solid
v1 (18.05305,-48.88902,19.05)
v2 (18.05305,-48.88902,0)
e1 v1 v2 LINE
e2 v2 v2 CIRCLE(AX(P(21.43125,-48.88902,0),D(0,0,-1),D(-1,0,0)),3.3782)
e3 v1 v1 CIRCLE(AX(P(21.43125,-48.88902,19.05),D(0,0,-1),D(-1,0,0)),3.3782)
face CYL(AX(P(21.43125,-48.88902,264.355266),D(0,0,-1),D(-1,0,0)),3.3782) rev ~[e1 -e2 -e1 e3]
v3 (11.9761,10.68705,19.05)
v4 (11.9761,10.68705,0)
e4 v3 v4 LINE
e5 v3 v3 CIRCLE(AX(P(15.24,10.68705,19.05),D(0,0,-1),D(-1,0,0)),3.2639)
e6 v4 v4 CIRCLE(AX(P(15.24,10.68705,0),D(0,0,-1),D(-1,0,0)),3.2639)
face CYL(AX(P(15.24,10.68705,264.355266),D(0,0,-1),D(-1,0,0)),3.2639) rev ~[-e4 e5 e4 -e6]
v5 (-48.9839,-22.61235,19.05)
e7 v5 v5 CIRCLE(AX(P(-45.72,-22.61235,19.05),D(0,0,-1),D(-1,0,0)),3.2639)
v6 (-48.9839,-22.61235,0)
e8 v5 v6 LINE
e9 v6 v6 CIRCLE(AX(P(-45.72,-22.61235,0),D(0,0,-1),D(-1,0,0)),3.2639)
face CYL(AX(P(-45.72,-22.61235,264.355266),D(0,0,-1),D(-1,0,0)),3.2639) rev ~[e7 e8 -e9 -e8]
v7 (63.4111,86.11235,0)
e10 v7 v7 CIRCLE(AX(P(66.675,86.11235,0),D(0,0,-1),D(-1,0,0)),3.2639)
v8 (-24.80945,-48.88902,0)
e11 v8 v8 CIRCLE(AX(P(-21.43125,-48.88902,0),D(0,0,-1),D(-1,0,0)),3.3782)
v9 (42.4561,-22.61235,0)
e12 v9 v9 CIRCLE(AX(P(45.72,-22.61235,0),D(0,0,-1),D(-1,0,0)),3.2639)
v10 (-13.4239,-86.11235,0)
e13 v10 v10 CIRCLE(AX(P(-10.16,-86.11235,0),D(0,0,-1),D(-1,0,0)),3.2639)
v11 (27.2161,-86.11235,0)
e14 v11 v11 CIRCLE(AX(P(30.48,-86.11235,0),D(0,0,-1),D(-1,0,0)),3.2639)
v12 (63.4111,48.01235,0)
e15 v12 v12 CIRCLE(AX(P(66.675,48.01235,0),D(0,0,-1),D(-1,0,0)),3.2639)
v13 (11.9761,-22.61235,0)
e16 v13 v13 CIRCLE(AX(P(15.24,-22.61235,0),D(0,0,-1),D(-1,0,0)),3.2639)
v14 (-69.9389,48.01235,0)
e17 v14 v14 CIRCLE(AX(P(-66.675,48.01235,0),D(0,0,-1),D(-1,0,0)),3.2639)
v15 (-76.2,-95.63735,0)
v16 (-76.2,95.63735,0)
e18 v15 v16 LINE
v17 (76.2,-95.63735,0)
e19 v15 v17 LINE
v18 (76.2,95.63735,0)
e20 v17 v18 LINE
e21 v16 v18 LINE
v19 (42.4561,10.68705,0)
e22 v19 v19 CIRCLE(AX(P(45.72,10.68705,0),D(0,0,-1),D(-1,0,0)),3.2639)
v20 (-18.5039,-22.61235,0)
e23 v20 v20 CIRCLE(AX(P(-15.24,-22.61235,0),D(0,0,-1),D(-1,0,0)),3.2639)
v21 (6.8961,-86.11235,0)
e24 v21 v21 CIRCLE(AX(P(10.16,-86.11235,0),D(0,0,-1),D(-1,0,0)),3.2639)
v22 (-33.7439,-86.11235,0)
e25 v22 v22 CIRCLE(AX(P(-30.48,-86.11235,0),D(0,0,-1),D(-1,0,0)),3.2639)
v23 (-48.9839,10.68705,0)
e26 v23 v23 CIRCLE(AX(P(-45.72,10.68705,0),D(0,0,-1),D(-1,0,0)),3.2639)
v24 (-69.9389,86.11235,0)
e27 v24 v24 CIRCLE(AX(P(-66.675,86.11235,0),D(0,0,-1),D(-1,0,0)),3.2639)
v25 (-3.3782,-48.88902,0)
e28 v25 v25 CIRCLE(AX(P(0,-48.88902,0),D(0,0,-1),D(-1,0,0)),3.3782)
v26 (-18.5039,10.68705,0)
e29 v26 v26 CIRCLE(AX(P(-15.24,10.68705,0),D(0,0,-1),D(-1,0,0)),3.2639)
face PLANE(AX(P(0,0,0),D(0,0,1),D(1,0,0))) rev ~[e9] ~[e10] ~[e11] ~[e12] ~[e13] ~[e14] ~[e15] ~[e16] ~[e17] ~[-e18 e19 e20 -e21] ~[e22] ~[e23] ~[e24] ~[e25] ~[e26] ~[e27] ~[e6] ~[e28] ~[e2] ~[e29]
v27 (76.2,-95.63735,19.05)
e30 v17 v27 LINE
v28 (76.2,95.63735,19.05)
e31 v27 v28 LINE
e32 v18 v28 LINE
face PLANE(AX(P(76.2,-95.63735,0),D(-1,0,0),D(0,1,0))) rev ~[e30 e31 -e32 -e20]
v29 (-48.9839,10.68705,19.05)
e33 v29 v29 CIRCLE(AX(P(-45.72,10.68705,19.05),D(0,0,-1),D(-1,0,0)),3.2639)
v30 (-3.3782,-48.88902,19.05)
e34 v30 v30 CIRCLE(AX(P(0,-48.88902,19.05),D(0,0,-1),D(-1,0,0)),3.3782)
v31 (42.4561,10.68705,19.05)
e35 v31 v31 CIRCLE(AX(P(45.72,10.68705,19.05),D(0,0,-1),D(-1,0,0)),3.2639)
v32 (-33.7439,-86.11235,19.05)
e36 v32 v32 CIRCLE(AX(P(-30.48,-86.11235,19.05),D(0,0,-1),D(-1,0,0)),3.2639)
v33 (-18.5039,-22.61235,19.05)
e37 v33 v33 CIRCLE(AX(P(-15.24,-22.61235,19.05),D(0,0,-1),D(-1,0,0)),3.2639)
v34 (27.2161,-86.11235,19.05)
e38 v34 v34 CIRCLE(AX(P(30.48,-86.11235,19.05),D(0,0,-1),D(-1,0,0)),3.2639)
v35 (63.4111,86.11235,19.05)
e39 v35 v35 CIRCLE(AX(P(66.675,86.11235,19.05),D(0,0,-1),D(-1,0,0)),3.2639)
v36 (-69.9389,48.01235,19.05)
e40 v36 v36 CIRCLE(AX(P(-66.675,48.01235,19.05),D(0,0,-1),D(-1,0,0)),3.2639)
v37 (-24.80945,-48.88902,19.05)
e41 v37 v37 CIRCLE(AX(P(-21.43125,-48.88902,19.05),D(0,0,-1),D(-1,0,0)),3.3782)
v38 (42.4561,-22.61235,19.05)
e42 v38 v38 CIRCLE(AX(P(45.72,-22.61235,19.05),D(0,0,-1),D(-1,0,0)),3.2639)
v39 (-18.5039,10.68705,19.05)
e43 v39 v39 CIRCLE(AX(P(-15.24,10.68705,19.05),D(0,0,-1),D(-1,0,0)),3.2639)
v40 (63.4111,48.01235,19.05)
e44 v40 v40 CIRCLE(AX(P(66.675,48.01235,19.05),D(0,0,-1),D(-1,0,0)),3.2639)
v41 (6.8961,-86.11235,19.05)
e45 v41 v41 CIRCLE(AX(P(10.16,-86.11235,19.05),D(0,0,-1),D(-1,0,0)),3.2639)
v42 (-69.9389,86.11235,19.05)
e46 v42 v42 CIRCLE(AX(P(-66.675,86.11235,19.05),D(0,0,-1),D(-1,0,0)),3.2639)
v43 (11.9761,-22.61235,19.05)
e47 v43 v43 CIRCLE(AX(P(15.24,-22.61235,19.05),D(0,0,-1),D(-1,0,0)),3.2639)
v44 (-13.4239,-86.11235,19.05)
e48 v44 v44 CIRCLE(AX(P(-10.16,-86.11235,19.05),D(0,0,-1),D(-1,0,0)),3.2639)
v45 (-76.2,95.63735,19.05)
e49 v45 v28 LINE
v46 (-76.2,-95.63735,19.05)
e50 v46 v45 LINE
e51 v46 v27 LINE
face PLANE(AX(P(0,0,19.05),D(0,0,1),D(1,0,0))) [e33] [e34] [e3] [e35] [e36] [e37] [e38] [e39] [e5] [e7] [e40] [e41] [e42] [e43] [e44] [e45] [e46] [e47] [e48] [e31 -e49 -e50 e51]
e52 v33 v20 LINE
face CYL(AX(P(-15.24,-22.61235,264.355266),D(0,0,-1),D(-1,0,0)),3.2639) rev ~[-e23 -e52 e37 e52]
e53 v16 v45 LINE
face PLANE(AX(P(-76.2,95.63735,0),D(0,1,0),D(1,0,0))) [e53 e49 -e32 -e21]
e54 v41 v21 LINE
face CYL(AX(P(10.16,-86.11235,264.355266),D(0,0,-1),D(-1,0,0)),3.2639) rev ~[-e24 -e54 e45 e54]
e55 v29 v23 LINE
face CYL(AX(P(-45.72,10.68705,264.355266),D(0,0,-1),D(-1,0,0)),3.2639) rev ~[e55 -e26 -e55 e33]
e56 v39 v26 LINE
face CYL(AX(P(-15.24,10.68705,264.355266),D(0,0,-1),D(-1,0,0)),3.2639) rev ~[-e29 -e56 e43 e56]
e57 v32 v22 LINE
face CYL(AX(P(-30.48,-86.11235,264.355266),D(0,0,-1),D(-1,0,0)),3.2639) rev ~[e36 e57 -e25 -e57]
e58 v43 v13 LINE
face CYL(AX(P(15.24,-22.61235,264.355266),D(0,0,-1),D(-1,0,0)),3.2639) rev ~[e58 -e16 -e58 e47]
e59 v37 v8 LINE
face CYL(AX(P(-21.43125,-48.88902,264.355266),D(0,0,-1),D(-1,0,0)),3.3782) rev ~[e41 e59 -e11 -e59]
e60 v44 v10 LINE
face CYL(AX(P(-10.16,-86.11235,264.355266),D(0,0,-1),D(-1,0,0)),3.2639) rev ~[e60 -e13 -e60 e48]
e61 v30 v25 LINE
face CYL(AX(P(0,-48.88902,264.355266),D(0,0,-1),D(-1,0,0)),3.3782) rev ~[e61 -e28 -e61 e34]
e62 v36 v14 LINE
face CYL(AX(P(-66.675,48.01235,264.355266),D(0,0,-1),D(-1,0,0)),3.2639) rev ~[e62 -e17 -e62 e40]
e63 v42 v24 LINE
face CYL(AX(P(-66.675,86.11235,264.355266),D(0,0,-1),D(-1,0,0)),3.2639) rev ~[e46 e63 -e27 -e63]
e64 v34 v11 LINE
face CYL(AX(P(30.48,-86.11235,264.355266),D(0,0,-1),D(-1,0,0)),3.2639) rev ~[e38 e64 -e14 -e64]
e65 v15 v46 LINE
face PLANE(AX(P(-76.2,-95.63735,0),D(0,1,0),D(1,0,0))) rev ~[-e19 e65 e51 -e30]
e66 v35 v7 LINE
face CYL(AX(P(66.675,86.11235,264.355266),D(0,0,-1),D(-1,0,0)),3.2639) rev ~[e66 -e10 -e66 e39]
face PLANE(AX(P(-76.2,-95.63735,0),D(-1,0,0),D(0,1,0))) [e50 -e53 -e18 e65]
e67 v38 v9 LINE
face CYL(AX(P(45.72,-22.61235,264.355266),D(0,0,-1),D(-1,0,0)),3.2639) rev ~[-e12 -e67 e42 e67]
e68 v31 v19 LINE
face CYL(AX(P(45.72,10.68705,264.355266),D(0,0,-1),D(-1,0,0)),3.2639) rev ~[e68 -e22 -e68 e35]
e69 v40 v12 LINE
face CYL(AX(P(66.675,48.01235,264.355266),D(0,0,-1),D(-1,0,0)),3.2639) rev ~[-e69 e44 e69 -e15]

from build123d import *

# Parameters (mm, degrees)
F0_W     = 152.4
F0_H     = 191.2747
F1_DEPTH = 19.05
F3_D     = 6.5278
F6_D     = 6.7564


with BuildPart() as f1:
    # F0 (on Top) → F1 (new body)
    with BuildSketch(Plane.XY):
        Rectangle(F0_W, F0_H)
    extrude(amount=F1_DEPTH)

    # F3 (through all)
    with Locations(Plane.XY.offset(19.05)):
        with Locations((-30.48, -86.11235), (-10.16, -86.11235), (10.16, -86.11235), (30.48, -86.11235), (-66.675, 48.01235), (-66.675, 86.11235), (66.675, 86.11235), (66.675, 48.01235), (-45.72, 10.68705), (-45.72, -22.61235), (-15.24, -22.61235), (-15.24, 10.68705), (15.24, 10.68705), (15.24, -22.61235), (45.72, -22.61235), (45.72, 10.68705)):
            Hole(F3_D / 2)

    # F6 (through all)
    with Locations(Plane.XY.offset(19.05)):
        with Locations((0, -48.8890202521), (-21.43125, -48.8890202521), (21.43125, -48.8890202521)):
            Hole(F6_D / 2)


solid = f1.part
